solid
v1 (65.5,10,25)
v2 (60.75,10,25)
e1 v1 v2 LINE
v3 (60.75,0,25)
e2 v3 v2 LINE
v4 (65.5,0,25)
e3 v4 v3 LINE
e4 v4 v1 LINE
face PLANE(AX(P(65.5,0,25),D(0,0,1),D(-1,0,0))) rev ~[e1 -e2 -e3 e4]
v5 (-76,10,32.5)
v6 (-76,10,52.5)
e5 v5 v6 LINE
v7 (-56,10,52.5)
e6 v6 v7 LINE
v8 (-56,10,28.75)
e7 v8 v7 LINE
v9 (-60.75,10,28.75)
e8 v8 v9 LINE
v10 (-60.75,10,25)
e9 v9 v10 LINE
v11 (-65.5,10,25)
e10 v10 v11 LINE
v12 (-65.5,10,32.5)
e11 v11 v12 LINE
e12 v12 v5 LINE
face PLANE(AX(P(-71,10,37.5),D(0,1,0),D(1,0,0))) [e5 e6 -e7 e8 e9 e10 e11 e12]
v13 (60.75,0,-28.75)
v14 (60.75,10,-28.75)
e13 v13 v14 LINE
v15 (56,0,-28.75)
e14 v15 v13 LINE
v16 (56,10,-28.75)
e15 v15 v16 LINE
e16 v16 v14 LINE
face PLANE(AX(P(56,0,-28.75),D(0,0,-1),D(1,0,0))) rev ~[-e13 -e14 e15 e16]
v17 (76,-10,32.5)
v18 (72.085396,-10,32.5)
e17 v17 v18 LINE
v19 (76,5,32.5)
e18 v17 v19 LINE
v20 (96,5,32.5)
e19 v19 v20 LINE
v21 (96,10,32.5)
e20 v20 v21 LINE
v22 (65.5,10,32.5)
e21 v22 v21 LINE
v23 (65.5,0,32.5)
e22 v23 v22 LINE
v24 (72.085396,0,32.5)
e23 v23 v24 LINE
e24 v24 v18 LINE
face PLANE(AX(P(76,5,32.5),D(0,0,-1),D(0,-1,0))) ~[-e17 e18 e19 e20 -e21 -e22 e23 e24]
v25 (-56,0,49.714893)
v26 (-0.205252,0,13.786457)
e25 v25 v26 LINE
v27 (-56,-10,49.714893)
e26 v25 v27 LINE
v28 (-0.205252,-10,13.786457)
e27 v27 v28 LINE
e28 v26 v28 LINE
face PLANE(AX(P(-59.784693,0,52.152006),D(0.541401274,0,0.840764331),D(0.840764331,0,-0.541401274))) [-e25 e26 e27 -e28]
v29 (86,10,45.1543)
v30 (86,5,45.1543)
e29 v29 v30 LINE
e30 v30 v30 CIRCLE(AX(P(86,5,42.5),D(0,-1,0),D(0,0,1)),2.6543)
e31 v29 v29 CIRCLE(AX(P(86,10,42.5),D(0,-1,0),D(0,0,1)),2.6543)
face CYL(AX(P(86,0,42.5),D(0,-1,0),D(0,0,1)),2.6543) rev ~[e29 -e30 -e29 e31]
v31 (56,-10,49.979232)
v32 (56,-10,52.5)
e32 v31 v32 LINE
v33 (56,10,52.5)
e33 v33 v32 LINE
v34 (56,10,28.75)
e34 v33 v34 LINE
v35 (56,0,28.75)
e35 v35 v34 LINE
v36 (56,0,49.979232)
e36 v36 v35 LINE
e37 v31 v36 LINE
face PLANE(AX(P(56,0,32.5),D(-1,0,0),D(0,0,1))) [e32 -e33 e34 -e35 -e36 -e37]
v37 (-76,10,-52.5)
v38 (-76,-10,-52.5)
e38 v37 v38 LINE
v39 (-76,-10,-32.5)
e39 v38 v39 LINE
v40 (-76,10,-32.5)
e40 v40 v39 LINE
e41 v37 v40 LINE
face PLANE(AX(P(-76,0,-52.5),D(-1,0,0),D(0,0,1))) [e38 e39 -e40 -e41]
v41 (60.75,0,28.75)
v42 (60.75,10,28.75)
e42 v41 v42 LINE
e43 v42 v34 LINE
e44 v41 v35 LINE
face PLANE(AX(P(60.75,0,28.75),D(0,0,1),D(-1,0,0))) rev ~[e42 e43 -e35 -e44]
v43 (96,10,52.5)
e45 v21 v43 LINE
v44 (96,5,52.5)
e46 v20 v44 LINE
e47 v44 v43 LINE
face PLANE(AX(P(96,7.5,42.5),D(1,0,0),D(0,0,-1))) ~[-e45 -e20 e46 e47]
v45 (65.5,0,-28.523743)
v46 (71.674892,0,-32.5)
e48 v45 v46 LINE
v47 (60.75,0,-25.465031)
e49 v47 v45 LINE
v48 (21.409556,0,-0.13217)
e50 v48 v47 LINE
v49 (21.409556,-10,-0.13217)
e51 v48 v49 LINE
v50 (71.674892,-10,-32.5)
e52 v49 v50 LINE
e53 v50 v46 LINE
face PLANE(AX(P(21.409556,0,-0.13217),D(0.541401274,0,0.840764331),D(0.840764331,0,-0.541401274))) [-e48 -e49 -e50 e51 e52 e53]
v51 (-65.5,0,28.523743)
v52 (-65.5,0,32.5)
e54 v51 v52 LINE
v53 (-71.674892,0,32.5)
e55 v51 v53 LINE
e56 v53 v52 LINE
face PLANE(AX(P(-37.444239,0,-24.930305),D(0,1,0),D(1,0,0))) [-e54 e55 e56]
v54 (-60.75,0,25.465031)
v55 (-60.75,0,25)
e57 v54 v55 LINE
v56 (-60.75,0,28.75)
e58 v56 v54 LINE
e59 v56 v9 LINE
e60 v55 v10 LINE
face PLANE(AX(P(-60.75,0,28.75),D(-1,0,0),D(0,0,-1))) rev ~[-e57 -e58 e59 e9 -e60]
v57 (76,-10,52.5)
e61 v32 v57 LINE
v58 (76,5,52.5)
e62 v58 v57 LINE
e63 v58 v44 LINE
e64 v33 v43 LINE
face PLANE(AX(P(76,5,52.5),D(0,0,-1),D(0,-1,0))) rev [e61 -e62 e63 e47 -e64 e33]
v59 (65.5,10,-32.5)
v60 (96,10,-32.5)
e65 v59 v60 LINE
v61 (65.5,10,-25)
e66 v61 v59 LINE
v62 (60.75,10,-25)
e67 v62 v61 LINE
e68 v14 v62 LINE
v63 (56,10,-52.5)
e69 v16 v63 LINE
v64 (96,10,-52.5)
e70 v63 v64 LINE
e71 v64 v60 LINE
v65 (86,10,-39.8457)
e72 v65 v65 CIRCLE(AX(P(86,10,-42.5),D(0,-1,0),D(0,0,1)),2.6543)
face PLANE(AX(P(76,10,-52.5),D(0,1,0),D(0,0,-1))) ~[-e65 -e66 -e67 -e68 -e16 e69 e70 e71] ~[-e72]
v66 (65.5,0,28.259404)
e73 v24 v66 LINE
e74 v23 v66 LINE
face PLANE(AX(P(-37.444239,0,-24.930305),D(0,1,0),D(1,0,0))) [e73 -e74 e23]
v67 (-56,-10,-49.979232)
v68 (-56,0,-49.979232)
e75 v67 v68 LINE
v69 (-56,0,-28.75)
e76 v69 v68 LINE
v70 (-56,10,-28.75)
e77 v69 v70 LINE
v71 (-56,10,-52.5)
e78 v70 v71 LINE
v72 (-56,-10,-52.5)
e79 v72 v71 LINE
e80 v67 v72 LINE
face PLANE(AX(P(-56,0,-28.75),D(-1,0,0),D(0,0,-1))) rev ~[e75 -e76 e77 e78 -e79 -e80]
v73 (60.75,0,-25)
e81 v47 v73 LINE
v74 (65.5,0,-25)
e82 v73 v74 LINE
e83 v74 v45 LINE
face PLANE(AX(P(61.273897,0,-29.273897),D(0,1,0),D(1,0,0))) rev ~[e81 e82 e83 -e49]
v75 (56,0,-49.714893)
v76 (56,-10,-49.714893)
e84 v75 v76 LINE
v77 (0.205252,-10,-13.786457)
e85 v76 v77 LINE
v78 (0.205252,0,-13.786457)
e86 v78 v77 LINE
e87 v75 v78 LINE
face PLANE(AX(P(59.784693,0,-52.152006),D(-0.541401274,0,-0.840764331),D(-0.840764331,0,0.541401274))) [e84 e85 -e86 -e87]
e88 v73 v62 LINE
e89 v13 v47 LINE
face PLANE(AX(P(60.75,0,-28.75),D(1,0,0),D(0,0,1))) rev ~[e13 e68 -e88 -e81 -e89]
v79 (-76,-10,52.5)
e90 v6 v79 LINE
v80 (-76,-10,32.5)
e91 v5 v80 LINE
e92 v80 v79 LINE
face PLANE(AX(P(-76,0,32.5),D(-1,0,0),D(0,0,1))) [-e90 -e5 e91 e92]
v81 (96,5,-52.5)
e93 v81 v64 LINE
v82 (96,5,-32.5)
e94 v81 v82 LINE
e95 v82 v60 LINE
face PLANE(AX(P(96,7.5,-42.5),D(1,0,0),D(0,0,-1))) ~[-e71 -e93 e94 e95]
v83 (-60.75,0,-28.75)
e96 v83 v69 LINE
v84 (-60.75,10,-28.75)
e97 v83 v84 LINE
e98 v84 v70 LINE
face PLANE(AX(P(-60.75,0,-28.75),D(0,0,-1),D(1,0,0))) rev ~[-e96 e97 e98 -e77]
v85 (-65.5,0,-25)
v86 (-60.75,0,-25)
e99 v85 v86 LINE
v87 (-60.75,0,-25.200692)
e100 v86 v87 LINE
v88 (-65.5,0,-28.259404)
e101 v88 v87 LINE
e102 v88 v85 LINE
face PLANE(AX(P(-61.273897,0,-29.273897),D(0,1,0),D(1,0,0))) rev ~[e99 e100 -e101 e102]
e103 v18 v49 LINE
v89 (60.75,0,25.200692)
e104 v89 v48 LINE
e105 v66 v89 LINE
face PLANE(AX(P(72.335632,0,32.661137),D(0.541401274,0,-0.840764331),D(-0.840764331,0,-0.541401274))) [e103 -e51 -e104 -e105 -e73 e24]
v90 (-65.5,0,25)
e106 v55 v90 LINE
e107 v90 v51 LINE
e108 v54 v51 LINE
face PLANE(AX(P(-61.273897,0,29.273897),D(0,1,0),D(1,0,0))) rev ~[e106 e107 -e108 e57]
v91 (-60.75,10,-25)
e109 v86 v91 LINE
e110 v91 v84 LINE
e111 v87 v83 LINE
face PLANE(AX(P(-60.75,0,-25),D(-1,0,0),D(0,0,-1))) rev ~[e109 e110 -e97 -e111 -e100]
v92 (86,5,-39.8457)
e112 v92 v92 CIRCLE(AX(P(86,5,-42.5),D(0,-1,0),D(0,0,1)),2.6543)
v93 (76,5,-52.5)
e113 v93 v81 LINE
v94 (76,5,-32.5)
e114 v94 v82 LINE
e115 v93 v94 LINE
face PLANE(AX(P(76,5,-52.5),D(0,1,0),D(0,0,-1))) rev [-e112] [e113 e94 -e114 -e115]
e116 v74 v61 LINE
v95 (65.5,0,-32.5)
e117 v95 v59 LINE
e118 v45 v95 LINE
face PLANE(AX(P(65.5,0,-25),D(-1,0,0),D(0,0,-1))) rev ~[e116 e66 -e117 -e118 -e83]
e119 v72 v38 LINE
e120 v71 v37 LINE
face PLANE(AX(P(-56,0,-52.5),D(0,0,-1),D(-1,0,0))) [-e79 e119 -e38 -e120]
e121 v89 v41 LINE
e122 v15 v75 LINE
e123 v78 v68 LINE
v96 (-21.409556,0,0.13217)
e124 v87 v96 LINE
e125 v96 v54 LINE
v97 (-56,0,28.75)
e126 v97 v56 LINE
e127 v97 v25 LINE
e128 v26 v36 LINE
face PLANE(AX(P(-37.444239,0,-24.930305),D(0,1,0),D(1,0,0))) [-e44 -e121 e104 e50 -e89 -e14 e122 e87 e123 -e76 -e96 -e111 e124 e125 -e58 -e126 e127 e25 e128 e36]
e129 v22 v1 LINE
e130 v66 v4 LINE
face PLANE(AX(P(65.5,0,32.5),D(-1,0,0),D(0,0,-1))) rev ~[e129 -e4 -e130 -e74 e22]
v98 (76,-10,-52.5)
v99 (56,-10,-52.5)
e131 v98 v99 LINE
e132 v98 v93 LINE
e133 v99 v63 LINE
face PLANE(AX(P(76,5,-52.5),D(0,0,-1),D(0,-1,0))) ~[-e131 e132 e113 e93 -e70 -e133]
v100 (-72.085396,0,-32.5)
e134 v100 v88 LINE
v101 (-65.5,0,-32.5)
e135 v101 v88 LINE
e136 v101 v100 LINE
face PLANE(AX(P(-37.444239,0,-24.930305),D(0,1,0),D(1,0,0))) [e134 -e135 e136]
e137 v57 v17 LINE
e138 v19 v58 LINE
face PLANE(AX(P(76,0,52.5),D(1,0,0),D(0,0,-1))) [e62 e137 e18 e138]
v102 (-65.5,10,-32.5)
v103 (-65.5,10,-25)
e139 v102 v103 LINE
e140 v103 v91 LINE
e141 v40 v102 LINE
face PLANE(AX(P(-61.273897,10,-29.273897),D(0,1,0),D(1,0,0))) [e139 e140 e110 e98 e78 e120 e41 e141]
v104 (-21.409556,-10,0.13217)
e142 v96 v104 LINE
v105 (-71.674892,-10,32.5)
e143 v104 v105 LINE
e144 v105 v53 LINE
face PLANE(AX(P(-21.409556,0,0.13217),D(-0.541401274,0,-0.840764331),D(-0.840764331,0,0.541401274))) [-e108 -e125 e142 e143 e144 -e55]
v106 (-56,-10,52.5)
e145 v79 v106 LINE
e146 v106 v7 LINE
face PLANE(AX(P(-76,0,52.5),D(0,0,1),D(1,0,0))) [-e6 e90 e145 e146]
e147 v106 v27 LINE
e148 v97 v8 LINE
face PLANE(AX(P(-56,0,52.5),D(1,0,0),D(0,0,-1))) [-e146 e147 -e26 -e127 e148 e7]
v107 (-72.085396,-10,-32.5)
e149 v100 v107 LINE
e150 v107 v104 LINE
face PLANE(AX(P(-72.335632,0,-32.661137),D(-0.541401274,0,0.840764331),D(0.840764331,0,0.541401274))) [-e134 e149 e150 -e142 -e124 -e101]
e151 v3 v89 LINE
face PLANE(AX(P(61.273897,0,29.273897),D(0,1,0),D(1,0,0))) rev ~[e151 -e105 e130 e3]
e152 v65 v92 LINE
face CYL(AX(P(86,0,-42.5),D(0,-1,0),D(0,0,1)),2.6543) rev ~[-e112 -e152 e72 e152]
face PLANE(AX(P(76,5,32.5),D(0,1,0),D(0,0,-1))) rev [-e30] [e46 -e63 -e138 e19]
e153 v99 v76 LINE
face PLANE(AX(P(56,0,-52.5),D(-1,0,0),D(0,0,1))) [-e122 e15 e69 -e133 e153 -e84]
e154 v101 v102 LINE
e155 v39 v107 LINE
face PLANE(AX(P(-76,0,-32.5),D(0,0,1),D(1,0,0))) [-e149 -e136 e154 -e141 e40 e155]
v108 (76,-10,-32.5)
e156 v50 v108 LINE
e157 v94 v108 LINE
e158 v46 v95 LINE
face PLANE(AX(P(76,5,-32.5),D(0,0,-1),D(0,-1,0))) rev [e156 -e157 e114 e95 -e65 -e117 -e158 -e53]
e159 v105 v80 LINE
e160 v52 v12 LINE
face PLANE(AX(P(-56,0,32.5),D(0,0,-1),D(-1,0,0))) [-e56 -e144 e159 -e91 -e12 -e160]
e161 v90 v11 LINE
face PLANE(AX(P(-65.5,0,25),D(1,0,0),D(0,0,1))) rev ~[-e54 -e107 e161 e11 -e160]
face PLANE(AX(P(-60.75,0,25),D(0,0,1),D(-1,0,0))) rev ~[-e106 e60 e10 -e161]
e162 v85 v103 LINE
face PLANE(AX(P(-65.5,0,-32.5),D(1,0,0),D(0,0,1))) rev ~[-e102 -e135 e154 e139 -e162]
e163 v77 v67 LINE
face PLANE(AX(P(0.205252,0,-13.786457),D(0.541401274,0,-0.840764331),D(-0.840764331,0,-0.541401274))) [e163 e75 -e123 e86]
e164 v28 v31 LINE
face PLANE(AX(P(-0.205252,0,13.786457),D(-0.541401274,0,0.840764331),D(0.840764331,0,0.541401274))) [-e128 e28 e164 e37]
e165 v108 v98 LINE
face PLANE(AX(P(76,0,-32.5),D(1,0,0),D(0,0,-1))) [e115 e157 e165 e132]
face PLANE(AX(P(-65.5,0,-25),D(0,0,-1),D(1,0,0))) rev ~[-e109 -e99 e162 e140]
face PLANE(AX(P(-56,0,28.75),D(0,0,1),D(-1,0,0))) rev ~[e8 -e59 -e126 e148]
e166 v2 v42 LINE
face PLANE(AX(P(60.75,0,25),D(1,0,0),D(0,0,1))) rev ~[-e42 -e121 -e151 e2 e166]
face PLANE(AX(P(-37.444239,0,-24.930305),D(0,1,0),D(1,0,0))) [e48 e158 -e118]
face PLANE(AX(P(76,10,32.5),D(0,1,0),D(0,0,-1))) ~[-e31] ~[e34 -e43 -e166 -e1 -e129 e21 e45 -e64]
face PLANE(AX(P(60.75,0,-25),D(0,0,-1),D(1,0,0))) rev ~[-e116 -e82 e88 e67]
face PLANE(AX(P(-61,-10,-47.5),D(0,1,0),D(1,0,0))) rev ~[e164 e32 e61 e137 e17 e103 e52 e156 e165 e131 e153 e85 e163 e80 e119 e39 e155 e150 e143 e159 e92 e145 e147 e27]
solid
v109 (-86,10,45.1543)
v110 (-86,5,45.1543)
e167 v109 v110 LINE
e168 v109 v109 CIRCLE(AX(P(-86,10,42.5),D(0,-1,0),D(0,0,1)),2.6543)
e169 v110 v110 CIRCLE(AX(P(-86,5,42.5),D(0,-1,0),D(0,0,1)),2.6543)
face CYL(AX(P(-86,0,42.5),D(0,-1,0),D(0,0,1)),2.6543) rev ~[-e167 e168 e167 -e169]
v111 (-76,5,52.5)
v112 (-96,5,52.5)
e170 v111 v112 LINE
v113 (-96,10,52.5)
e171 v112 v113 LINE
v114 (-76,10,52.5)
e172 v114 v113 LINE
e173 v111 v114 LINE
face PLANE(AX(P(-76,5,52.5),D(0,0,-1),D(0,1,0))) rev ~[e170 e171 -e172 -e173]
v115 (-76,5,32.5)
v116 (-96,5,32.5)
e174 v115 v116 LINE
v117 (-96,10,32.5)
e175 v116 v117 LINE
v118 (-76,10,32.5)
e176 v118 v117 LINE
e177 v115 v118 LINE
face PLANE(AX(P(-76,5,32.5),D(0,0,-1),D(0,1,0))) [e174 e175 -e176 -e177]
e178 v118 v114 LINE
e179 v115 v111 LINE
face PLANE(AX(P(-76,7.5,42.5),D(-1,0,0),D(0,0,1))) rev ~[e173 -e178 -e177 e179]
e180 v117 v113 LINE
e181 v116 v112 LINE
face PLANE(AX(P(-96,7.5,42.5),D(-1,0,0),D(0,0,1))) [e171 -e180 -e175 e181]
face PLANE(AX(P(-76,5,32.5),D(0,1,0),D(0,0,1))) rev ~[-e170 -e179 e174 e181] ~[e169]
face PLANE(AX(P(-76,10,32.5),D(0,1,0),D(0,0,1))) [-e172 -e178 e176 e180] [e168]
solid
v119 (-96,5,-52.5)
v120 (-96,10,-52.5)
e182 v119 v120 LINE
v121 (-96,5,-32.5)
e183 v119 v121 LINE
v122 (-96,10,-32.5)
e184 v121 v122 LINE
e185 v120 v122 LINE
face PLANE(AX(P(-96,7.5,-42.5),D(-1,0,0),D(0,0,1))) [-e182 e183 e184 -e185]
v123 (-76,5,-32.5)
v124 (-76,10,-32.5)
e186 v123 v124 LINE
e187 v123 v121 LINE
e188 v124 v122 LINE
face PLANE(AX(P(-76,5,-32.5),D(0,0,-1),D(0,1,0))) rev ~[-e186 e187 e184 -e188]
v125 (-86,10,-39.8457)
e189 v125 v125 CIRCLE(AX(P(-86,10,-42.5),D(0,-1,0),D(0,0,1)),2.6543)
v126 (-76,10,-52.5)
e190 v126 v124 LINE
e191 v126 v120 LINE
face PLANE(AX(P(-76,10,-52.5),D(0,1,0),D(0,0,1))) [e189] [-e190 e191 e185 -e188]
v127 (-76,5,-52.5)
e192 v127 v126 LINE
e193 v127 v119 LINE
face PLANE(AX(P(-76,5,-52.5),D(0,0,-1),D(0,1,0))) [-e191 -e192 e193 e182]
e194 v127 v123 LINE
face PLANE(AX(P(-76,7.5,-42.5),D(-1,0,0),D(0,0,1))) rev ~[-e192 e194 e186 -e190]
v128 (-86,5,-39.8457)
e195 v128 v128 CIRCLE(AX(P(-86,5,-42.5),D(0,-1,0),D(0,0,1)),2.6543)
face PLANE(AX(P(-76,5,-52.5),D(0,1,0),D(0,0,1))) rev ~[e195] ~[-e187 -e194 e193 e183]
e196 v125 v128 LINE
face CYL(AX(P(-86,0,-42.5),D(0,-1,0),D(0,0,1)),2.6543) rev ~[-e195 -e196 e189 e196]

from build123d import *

# Parameters (mm, degrees)
SKETCH1_W                           = 20
SKETCH1_H                           = 20
BOSS_EXTRUDE1_DEPTH                 = 10
BOSS_EXTRUDE1_2_DEPTH               = 10
BOSS_EXTRUDE1_3_DEPTH               = 10
BOSS_EXTRUDE1_4_DEPTH               = 10
SKETCH1_3_W                         = 20
SKETCH1_3_H                         = 20
BOSS_EXTRUDE2_DEPTH                 = 10
BOSS_EXTRUDE3_DEPTH                 = 10
SKETCH3_W                           = 20
SKETCH3_H                           = 5
BOSS_EXTRUDE4_DEPTH                 = 20
BOSS_EXTRUDE4_2_DEPTH               = 20
BOSS_EXTRUDE6_DEPTH                 = 10
SKETCH10_W                          = 2.6543
SKETCH10_H                          = 20
F_4_0_209_DIAMETER_HOLE1_AT_2_COUNT = 2
F_4_0_209_DIAMETER_HOLE1_AT_2_PITCH = 172
F_4_0_209_DIAMETER_HOLE1_AT_3_COUNT = 2
F_4_0_209_DIAMETER_HOLE1_AT_3_PITCH = 191.85671737
F_4_0_209_DIAMETER_HOLE1_AT_4_COUNT = 2
F_4_0_209_DIAMETER_HOLE1_AT_4_PITCH = 85


with BuildPart() as part:
    # Sketch1 → Boss-Extrude1 (new body)
    with BuildSketch(Plane(origin=(0, 0, 0), x_dir=(1, 0, 0), z_dir=(0, 1, 0))):
        with Locations((-66, 42.5)):
            Rectangle(SKETCH1_W, SKETCH1_H)
    extrude(amount=BOSS_EXTRUDE1_DEPTH)



with BuildPart() as body_2:
    # Sketch1 → Boss-Extrude1 2 (new body)
    with BuildSketch(Plane(origin=(0, 0, 0), x_dir=(1, 0, 0), z_dir=(0, 1, 0))):
        with Locations((-66, -42.5)):
            Rectangle(SKETCH1_W, SKETCH1_H)
    extrude(amount=BOSS_EXTRUDE1_2_DEPTH)


with BuildPart() as body_3:
    # Sketch1 → Boss-Extrude1 3 (new body)
    with BuildSketch(Plane(origin=(0, 0, 0), x_dir=(1, 0, 0), z_dir=(0, 1, 0))):
        with Locations((66, -42.5)):
            Rectangle(SKETCH1_W, SKETCH1_H)
    extrude(amount=BOSS_EXTRUDE1_3_DEPTH)


with BuildPart() as body_4:
    # Sketch1 → Boss-Extrude1 4 (new body)
    with BuildSketch(Plane(origin=(0, 0, 0), x_dir=(1, 0, 0), z_dir=(0, 1, 0))):
        with Locations((66, 42.5)):
            Rectangle(SKETCH1_W, SKETCH1_H)
    extrude(amount=BOSS_EXTRUDE1_4_DEPTH)


with BuildPart() as part_1:
    add(part.part)

    add(body_2.part)  # Boss-Extrude2 merges body 2

    add(body_3.part)  # Boss-Extrude2 merges body 3

    add(body_4.part)  # Boss-Extrude2 merges body 4
    # Sketch1<3> → Boss-Extrude2 (add)
    with BuildSketch(Plane(origin=(0, 0, 0), x_dir=(1, 0, 0), z_dir=(0, 1, 0))):
        with Locations((-66, 42.5)):
            Rectangle(SKETCH1_3_W, SKETCH1_3_H)
        with Locations((-66, -42.5)):
            Rectangle(SKETCH1_3_W, SKETCH1_3_H)
        with Locations((66, -42.5)):
            Rectangle(SKETCH1_3_W, SKETCH1_3_H)
        with Locations((66, 42.5)):
            Rectangle(SKETCH1_3_W, SKETCH1_3_H)
    extrude(amount=-BOSS_EXTRUDE2_DEPTH)



with BuildPart() as body_2_2:
    # Sketch2 → Boss-Extrude3 (new body)
    with BuildSketch(Plane(origin=(0, 0, 0), x_dir=(1, 0, 0), z_dir=(0, 1, 0))):
        Polygon((-59.664368284, 52.338863371), (-72.335631716, 32.661136629), (-21.409556012, -0.132169696), (-72.215306836, -32.84799409), (-59.784693164, -52.15200591), (-0.205251763, -13.786456523), (59.664368284, -52.338863371), (72.335631716, -32.661136629), (21.409556012, 0.132169696), (72.215306836, 32.84799409), (59.784693164, 52.15200591), (0.205251763, 13.786456523), align=None)
    extrude(amount=-BOSS_EXTRUDE3_DEPTH)


with BuildPart() as body_3_2:
    # Sketch3 → Boss-Extrude4 (new body)
    with BuildSketch(Plane.ZY.offset(76)):
        with Locations((-42.5, 7.5)):
            Rectangle(SKETCH3_W, SKETCH3_H)
    boss_extrude4 = extrude(amount=BOSS_EXTRUDE4_DEPTH)

    # Sketch10 → #4 (0.209) Diameter Hole1 (revolve, cut)
    with BuildSketch(Plane(origin=(-86, 10, -42.5), x_dir=(0, 0, 1), z_dir=(1, 0, 0))):
        with Locations((1.32715, 10)):
            Rectangle(SKETCH10_W, SKETCH10_H)
    f_4_0_209_diameter_hole1 = revolve(axis=Axis((-86, 16.35, -42.5), (0, -1, 0)), mode=Mode.SUBTRACT)


with BuildPart() as body_4_2:
    # Sketch3 → Boss-Extrude4 2 (new body)
    with BuildSketch(Plane.ZY.offset(76)):
        with Locations((42.5, 7.5)):
            Rectangle(SKETCH3_W, SKETCH3_H)
    boss_extrude4_2 = extrude(amount=BOSS_EXTRUDE4_2_DEPTH)

    # #4 (0.209) Diameter Hole1 at 4: #4 (0.209) Diameter Hole1 ×2
    with Locations(*[(0, 0, i * F_4_0_209_DIAMETER_HOLE1_AT_4_PITCH) for i in range(1, F_4_0_209_DIAMETER_HOLE1_AT_4_COUNT)]):
        add(f_4_0_209_diameter_hole1, mode=Mode.SUBTRACT)


with BuildPart() as part_2:
    add(part_1.part)

    add(body_2_2.part)  # Boss-Extrude6 merges body 2 2
    # Sketch8 → Boss-Extrude6 (add)
    with BuildSketch(Plane(origin=(0, 0, 0), x_dir=(1, 0, 0), z_dir=(0, 1, 0))):
        Polygon((-65.5, 32.5), (-65.5, 25), (-60.75, 25), (-60.75, 28.75), (-56, 28.75), (-56, 32.5), align=None)
        Polygon((60.75, 25), (65.5, 25), (65.5, 32.5), (56, 32.5), (56, 28.75), (60.75, 28.75), align=None)
        Polygon((65.5, -32.5), (65.5, -25), (60.75, -25), (60.75, -28.75), (56, -28.75), (56, -32.5), align=None)
        Polygon((-60.75, -25), (-65.5, -25), (-65.5, -32.5), (-56, -32.5), (-56, -28.75), (-60.75, -28.75), align=None)
    extrude(amount=BOSS_EXTRUDE6_DEPTH)

    # Mirror1: Boss-Extrude4, Boss-Extrude4 2 across plane
    add(boss_extrude4.mirror(Plane(origin=(0, 0, 0), x_dir=(0, 0, 1), z_dir=(1, 0, 0))))
    add(boss_extrude4_2.mirror(Plane(origin=(0, 0, 0), x_dir=(0, 0, 1), z_dir=(1, 0, 0))))

    # #4 (0.209) Diameter Hole1 at 2: #4 (0.209) Diameter Hole1 ×2
    with Locations(*[(i * F_4_0_209_DIAMETER_HOLE1_AT_2_PITCH, 0, 0) for i in range(1, F_4_0_209_DIAMETER_HOLE1_AT_2_COUNT)]):
        add(f_4_0_209_diameter_hole1, mode=Mode.SUBTRACT)

    # #4 (0.209) Diameter Hole1 at 3: #4 (0.209) Diameter Hole1 ×2
    with Locations(*[Vector(0.8965023604999744, 0, 0.44303895722382464) * (i * F_4_0_209_DIAMETER_HOLE1_AT_3_PITCH) for i in range(1, F_4_0_209_DIAMETER_HOLE1_AT_3_COUNT)]):
        add(f_4_0_209_diameter_hole1, mode=Mode.SUBTRACT)


solid = Compound([body_3_2.part, body_4_2.part, part_2.part])
